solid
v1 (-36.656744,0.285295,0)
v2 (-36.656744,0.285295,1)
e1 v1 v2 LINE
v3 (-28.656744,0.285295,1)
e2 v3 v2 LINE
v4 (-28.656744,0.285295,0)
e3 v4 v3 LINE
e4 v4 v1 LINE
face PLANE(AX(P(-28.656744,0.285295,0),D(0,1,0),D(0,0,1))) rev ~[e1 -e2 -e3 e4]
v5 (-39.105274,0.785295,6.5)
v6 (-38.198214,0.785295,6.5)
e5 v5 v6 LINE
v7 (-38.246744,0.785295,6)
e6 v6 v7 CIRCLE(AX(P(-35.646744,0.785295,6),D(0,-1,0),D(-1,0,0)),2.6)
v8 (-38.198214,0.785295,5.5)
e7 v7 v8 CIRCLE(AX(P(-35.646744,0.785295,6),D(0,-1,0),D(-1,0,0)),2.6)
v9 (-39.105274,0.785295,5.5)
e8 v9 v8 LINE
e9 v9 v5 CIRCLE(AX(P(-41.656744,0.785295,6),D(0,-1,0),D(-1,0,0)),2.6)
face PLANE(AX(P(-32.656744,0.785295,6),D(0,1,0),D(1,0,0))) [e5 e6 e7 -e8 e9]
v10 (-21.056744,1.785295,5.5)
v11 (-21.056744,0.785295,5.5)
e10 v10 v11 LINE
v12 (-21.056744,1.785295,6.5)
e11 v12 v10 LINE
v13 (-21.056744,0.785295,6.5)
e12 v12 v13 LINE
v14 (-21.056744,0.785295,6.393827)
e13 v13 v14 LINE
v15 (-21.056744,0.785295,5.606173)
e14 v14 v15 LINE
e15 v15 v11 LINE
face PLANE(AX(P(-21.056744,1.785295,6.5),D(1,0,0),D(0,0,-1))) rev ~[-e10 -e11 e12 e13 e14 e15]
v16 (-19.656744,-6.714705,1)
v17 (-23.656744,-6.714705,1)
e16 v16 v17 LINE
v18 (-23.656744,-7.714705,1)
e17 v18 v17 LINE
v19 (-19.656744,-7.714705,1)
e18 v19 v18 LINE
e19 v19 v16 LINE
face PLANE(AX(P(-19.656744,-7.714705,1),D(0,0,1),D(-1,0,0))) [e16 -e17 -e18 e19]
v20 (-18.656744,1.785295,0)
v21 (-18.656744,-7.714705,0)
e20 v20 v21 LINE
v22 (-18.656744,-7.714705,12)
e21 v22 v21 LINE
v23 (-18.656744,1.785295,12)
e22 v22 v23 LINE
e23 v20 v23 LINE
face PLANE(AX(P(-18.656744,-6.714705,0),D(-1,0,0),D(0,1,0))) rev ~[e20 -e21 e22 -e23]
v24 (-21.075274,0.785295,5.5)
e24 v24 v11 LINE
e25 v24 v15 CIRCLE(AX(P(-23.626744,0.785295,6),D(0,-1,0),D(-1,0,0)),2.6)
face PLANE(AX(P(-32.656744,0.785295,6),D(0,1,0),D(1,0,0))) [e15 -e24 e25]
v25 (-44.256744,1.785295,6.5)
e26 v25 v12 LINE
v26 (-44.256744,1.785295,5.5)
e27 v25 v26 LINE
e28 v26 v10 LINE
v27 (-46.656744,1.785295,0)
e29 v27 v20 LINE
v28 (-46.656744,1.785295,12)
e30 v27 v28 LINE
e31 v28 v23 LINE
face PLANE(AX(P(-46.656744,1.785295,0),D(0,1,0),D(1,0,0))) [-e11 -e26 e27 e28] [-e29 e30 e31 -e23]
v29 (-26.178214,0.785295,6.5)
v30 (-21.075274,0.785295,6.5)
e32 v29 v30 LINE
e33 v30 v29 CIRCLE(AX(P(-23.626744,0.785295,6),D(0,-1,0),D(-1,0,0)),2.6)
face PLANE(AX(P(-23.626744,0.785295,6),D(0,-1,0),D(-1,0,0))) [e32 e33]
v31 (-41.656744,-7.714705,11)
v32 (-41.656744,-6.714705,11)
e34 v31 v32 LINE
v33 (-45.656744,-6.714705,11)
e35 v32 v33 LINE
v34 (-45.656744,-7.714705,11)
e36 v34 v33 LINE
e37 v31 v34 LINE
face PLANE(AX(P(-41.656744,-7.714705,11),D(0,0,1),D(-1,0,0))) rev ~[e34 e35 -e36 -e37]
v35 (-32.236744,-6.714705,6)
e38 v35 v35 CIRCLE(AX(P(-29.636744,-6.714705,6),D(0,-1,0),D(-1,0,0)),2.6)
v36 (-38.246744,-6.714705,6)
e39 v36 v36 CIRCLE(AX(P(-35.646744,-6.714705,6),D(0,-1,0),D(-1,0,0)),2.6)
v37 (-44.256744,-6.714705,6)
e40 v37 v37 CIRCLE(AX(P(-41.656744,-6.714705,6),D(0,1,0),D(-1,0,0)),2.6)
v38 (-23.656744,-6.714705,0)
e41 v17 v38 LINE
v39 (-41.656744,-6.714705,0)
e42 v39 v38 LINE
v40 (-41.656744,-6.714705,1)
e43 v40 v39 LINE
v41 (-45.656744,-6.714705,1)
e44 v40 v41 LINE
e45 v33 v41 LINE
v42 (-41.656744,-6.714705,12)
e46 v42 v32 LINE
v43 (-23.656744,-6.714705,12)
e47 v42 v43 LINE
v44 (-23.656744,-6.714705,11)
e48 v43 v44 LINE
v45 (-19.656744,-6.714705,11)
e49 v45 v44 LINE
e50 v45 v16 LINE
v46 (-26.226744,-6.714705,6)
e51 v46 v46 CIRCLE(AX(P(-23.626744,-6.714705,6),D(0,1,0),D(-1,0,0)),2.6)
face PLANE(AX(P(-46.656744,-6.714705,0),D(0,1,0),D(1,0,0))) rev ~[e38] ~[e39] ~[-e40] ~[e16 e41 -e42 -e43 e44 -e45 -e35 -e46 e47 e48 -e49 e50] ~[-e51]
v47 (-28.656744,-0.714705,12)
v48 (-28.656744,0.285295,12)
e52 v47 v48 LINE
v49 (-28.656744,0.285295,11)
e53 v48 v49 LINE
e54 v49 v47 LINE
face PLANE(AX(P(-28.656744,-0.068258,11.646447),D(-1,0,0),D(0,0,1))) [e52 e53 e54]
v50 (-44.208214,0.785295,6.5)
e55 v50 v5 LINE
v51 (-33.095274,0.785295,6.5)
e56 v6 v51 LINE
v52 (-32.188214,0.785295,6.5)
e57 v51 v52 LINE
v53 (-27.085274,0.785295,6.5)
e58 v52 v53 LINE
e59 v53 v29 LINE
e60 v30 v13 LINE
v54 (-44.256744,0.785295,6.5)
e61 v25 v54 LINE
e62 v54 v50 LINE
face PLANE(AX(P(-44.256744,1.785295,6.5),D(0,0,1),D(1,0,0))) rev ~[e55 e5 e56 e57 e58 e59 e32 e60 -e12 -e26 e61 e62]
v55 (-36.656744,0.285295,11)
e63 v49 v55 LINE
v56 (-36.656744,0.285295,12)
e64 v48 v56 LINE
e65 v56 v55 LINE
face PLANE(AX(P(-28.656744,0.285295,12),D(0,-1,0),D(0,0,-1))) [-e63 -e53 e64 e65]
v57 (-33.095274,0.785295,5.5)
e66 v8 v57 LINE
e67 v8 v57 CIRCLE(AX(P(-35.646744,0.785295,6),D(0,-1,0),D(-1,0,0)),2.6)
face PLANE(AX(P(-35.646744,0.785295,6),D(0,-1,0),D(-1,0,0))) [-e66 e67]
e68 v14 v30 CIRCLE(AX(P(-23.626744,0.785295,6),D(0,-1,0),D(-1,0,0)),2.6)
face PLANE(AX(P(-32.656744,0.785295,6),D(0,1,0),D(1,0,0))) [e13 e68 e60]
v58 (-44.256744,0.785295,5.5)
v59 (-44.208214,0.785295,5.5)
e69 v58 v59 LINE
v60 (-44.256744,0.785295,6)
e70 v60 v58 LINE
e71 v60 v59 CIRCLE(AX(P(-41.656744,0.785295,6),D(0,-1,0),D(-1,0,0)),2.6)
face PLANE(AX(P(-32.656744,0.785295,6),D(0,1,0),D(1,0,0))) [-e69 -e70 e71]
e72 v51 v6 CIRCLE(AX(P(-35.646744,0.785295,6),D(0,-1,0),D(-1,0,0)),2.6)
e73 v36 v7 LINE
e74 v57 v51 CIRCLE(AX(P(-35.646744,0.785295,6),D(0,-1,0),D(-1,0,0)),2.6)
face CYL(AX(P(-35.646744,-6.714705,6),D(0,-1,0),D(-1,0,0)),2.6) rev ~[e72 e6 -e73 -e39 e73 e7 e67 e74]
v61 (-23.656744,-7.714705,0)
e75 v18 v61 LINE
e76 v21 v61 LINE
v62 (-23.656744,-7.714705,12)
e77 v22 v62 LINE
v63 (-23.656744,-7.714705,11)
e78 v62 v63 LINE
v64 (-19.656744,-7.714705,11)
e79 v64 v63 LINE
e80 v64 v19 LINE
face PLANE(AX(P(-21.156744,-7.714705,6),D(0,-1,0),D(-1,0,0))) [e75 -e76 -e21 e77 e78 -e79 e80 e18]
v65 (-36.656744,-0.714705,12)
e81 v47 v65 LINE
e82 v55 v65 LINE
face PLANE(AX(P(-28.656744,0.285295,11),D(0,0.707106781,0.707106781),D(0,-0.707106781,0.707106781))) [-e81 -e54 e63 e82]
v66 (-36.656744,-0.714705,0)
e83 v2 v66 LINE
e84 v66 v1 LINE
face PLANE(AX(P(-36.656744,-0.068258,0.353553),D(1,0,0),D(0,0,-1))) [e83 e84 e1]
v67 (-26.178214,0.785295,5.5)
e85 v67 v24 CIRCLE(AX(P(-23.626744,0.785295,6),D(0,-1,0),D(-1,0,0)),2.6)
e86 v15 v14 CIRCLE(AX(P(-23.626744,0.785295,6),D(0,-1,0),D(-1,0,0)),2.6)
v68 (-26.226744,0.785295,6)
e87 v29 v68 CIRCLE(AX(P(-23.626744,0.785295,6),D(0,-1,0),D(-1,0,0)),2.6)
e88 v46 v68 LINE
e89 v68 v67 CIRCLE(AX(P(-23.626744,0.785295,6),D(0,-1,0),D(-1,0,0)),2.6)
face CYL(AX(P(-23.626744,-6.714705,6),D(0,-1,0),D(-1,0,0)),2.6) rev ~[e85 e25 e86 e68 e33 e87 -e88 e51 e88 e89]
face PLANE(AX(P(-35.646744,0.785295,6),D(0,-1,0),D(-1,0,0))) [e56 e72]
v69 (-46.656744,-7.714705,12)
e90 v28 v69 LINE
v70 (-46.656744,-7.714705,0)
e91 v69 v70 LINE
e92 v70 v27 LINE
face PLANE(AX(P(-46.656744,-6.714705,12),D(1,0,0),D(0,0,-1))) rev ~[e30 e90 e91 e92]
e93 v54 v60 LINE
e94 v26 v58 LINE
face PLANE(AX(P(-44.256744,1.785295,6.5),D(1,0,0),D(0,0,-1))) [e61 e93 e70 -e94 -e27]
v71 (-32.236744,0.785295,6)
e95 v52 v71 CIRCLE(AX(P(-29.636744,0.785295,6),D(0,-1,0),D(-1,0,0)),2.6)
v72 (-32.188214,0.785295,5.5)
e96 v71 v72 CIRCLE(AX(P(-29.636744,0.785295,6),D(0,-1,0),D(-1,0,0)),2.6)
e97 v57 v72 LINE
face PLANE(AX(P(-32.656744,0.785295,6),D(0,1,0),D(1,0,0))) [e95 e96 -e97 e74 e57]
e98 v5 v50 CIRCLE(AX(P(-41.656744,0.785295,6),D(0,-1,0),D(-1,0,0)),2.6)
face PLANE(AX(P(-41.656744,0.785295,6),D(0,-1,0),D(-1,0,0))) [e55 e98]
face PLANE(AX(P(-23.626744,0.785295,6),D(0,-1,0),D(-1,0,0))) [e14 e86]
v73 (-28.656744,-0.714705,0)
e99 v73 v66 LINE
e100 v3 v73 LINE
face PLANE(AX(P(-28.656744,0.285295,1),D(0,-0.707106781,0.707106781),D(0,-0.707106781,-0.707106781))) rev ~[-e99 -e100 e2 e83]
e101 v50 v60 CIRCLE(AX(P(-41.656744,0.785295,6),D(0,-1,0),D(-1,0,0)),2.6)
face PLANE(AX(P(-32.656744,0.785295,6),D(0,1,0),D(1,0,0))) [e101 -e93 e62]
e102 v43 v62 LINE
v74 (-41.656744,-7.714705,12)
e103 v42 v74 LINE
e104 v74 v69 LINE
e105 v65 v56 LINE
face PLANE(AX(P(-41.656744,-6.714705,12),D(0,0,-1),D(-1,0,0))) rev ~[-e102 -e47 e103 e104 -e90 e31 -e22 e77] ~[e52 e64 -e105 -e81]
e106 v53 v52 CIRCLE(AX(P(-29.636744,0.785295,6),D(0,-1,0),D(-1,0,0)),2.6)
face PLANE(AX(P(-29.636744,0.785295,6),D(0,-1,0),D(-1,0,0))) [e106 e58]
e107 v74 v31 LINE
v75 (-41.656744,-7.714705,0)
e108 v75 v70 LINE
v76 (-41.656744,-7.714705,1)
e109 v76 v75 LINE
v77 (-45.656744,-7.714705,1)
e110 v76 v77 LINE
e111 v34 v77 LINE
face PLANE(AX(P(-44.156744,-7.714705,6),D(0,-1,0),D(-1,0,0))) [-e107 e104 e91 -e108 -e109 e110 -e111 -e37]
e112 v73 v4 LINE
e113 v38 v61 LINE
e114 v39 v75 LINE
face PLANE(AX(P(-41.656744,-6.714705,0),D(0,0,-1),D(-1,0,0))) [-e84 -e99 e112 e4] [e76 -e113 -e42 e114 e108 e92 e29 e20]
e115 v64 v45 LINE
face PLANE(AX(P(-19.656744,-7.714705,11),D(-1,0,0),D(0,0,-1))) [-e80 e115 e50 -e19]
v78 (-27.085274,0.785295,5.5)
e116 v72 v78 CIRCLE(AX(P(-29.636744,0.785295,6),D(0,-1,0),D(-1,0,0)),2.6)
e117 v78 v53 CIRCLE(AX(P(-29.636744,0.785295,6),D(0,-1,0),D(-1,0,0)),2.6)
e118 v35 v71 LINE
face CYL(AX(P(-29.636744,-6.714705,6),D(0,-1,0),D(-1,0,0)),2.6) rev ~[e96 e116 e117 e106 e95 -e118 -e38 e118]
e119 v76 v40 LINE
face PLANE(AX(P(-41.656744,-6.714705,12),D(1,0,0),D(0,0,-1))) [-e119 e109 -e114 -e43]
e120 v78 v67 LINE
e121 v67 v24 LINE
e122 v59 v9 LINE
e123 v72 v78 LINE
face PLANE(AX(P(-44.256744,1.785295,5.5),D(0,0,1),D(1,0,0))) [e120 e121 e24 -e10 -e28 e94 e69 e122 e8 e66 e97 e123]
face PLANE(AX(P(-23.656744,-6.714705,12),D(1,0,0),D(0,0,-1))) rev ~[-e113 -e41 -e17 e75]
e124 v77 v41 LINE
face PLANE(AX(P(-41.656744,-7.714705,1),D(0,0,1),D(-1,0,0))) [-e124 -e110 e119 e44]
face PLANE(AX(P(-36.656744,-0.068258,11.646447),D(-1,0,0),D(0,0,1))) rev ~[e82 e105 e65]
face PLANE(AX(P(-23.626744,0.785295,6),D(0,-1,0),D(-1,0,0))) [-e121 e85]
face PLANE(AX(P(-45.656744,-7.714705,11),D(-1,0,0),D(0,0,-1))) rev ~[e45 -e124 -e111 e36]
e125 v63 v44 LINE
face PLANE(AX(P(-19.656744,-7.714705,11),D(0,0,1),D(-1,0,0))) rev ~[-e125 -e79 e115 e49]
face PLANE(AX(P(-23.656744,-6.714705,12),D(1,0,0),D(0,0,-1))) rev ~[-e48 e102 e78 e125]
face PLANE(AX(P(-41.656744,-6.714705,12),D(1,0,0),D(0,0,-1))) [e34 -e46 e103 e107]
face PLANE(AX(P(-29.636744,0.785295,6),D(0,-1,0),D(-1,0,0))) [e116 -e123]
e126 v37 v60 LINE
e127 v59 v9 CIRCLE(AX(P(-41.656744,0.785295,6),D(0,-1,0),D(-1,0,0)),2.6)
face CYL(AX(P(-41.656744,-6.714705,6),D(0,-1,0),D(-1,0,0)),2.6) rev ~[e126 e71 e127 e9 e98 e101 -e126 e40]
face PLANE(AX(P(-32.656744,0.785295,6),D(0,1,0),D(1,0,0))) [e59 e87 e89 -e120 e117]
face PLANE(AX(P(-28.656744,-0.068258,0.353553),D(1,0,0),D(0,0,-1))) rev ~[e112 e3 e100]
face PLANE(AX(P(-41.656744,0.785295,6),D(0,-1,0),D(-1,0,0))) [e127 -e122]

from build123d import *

# Parameters (mm, degrees)
SKICA1_W                 = 28
SKICA1_H                 = 8.5
P_IDAT_VYSUNUT_M1_DEPTH  = 12
SKICA3_R                 = 2.6
ODEBRAT_VYSUNUT_M2_DEPTH = 7.5
SKICA4_W                 = 23.2
SKICA4_H                 = 1
ODEBRAT_VYSUNUT_M3_DEPTH = 1
SKICA5_W                 = 5
SKICA5_H                 = 12
P_IDAT_VYSUNUT_M2_DEPTH  = 1
SKICA6_W                 = 4
SKICA6_H                 = 10
ODEBRAT_VYSUNUT_M4_DEPTH = 1
ODEBRAT_START            = -10
ODEBRAT_VYSUNUT_M5_DEPTH = 8


with BuildPart() as part:
    # Skica1 → Přidat vysunutím1 (new body)
    with BuildSketch(Plane.XY):
        with Locations((-32.656744291, -2.464704976)):
            Rectangle(SKICA1_W, SKICA1_H)
    extrude(amount=P_IDAT_VYSUNUT_M1_DEPTH)

    # Skica3 → Odebrat vysunutím2 (cut)
    with BuildSketch(Plane(origin=(0, -6.714704976, 0), x_dir=(-1, 0, 0), z_dir=(0, -1, 0))):
        with Locations((41.656744291, -6)):
            Circle(SKICA3_R)
        with Locations((35.646744291, -6)):
            Circle(SKICA3_R)
        with Locations((29.636744291, -6)):
            Circle(SKICA3_R)
        with Locations((23.626744291, -6)):
            Circle(SKICA3_R)
    extrude(amount=-ODEBRAT_VYSUNUT_M2_DEPTH, mode=Mode.SUBTRACT)

    # Skica4 → Odebrat vysunutím3 (cut)
    with BuildSketch(Plane(origin=(0, 1.785295024, 0), x_dir=(1, 0, 0), z_dir=(0, 1, 0))):
        with Locations((-32.656744291, -6)):
            Rectangle(SKICA4_W, SKICA4_H)
    extrude(amount=-ODEBRAT_VYSUNUT_M3_DEPTH, mode=Mode.SUBTRACT)

    # Skica5 → Přidat vysunutím2 (add)
    with BuildSketch(Plane(origin=(0, -6.714704976, 0), x_dir=(-1, 0, 0), z_dir=(0, -1, 0))):
        with Locations((44.156744291, -6)):
            Rectangle(SKICA5_W, SKICA5_H)
        with Locations((21.156744291, -6)):
            Rectangle(SKICA5_W, SKICA5_H)
    extrude(amount=P_IDAT_VYSUNUT_M2_DEPTH)

    # Skica6 → Odebrat vysunutím4 (cut)
    with BuildSketch(Plane(origin=(0, -7.714704976, 0), x_dir=(-1, 0, 0), z_dir=(0, -1, 0))):
        with Locations((43.656744291, -6)):
            Rectangle(SKICA6_W, SKICA6_H)
        with Locations((21.656744291, -6)):
            Rectangle(SKICA6_W, SKICA6_H)
    extrude(amount=-ODEBRAT_VYSUNUT_M4_DEPTH, mode=Mode.SUBTRACT)

    # Skica9 → Odebrat vysunutím5 (cut)
    with BuildSketch(Plane(origin=(-18.656744291, 0, 0), x_dir=(0, 0, -1), z_dir=(1, 0, 0)).offset(ODEBRAT_START)):
        Polygon((-12, 0.285295024), (-11, 0.285295024), (-12, -0.714704976), align=None)
        Polygon((0, 0.285295024), (-1, 0.285295024), (0, -0.714704976), align=None)
    extrude(amount=-ODEBRAT_VYSUNUT_M5_DEPTH, mode=Mode.SUBTRACT)


solid = part.part
